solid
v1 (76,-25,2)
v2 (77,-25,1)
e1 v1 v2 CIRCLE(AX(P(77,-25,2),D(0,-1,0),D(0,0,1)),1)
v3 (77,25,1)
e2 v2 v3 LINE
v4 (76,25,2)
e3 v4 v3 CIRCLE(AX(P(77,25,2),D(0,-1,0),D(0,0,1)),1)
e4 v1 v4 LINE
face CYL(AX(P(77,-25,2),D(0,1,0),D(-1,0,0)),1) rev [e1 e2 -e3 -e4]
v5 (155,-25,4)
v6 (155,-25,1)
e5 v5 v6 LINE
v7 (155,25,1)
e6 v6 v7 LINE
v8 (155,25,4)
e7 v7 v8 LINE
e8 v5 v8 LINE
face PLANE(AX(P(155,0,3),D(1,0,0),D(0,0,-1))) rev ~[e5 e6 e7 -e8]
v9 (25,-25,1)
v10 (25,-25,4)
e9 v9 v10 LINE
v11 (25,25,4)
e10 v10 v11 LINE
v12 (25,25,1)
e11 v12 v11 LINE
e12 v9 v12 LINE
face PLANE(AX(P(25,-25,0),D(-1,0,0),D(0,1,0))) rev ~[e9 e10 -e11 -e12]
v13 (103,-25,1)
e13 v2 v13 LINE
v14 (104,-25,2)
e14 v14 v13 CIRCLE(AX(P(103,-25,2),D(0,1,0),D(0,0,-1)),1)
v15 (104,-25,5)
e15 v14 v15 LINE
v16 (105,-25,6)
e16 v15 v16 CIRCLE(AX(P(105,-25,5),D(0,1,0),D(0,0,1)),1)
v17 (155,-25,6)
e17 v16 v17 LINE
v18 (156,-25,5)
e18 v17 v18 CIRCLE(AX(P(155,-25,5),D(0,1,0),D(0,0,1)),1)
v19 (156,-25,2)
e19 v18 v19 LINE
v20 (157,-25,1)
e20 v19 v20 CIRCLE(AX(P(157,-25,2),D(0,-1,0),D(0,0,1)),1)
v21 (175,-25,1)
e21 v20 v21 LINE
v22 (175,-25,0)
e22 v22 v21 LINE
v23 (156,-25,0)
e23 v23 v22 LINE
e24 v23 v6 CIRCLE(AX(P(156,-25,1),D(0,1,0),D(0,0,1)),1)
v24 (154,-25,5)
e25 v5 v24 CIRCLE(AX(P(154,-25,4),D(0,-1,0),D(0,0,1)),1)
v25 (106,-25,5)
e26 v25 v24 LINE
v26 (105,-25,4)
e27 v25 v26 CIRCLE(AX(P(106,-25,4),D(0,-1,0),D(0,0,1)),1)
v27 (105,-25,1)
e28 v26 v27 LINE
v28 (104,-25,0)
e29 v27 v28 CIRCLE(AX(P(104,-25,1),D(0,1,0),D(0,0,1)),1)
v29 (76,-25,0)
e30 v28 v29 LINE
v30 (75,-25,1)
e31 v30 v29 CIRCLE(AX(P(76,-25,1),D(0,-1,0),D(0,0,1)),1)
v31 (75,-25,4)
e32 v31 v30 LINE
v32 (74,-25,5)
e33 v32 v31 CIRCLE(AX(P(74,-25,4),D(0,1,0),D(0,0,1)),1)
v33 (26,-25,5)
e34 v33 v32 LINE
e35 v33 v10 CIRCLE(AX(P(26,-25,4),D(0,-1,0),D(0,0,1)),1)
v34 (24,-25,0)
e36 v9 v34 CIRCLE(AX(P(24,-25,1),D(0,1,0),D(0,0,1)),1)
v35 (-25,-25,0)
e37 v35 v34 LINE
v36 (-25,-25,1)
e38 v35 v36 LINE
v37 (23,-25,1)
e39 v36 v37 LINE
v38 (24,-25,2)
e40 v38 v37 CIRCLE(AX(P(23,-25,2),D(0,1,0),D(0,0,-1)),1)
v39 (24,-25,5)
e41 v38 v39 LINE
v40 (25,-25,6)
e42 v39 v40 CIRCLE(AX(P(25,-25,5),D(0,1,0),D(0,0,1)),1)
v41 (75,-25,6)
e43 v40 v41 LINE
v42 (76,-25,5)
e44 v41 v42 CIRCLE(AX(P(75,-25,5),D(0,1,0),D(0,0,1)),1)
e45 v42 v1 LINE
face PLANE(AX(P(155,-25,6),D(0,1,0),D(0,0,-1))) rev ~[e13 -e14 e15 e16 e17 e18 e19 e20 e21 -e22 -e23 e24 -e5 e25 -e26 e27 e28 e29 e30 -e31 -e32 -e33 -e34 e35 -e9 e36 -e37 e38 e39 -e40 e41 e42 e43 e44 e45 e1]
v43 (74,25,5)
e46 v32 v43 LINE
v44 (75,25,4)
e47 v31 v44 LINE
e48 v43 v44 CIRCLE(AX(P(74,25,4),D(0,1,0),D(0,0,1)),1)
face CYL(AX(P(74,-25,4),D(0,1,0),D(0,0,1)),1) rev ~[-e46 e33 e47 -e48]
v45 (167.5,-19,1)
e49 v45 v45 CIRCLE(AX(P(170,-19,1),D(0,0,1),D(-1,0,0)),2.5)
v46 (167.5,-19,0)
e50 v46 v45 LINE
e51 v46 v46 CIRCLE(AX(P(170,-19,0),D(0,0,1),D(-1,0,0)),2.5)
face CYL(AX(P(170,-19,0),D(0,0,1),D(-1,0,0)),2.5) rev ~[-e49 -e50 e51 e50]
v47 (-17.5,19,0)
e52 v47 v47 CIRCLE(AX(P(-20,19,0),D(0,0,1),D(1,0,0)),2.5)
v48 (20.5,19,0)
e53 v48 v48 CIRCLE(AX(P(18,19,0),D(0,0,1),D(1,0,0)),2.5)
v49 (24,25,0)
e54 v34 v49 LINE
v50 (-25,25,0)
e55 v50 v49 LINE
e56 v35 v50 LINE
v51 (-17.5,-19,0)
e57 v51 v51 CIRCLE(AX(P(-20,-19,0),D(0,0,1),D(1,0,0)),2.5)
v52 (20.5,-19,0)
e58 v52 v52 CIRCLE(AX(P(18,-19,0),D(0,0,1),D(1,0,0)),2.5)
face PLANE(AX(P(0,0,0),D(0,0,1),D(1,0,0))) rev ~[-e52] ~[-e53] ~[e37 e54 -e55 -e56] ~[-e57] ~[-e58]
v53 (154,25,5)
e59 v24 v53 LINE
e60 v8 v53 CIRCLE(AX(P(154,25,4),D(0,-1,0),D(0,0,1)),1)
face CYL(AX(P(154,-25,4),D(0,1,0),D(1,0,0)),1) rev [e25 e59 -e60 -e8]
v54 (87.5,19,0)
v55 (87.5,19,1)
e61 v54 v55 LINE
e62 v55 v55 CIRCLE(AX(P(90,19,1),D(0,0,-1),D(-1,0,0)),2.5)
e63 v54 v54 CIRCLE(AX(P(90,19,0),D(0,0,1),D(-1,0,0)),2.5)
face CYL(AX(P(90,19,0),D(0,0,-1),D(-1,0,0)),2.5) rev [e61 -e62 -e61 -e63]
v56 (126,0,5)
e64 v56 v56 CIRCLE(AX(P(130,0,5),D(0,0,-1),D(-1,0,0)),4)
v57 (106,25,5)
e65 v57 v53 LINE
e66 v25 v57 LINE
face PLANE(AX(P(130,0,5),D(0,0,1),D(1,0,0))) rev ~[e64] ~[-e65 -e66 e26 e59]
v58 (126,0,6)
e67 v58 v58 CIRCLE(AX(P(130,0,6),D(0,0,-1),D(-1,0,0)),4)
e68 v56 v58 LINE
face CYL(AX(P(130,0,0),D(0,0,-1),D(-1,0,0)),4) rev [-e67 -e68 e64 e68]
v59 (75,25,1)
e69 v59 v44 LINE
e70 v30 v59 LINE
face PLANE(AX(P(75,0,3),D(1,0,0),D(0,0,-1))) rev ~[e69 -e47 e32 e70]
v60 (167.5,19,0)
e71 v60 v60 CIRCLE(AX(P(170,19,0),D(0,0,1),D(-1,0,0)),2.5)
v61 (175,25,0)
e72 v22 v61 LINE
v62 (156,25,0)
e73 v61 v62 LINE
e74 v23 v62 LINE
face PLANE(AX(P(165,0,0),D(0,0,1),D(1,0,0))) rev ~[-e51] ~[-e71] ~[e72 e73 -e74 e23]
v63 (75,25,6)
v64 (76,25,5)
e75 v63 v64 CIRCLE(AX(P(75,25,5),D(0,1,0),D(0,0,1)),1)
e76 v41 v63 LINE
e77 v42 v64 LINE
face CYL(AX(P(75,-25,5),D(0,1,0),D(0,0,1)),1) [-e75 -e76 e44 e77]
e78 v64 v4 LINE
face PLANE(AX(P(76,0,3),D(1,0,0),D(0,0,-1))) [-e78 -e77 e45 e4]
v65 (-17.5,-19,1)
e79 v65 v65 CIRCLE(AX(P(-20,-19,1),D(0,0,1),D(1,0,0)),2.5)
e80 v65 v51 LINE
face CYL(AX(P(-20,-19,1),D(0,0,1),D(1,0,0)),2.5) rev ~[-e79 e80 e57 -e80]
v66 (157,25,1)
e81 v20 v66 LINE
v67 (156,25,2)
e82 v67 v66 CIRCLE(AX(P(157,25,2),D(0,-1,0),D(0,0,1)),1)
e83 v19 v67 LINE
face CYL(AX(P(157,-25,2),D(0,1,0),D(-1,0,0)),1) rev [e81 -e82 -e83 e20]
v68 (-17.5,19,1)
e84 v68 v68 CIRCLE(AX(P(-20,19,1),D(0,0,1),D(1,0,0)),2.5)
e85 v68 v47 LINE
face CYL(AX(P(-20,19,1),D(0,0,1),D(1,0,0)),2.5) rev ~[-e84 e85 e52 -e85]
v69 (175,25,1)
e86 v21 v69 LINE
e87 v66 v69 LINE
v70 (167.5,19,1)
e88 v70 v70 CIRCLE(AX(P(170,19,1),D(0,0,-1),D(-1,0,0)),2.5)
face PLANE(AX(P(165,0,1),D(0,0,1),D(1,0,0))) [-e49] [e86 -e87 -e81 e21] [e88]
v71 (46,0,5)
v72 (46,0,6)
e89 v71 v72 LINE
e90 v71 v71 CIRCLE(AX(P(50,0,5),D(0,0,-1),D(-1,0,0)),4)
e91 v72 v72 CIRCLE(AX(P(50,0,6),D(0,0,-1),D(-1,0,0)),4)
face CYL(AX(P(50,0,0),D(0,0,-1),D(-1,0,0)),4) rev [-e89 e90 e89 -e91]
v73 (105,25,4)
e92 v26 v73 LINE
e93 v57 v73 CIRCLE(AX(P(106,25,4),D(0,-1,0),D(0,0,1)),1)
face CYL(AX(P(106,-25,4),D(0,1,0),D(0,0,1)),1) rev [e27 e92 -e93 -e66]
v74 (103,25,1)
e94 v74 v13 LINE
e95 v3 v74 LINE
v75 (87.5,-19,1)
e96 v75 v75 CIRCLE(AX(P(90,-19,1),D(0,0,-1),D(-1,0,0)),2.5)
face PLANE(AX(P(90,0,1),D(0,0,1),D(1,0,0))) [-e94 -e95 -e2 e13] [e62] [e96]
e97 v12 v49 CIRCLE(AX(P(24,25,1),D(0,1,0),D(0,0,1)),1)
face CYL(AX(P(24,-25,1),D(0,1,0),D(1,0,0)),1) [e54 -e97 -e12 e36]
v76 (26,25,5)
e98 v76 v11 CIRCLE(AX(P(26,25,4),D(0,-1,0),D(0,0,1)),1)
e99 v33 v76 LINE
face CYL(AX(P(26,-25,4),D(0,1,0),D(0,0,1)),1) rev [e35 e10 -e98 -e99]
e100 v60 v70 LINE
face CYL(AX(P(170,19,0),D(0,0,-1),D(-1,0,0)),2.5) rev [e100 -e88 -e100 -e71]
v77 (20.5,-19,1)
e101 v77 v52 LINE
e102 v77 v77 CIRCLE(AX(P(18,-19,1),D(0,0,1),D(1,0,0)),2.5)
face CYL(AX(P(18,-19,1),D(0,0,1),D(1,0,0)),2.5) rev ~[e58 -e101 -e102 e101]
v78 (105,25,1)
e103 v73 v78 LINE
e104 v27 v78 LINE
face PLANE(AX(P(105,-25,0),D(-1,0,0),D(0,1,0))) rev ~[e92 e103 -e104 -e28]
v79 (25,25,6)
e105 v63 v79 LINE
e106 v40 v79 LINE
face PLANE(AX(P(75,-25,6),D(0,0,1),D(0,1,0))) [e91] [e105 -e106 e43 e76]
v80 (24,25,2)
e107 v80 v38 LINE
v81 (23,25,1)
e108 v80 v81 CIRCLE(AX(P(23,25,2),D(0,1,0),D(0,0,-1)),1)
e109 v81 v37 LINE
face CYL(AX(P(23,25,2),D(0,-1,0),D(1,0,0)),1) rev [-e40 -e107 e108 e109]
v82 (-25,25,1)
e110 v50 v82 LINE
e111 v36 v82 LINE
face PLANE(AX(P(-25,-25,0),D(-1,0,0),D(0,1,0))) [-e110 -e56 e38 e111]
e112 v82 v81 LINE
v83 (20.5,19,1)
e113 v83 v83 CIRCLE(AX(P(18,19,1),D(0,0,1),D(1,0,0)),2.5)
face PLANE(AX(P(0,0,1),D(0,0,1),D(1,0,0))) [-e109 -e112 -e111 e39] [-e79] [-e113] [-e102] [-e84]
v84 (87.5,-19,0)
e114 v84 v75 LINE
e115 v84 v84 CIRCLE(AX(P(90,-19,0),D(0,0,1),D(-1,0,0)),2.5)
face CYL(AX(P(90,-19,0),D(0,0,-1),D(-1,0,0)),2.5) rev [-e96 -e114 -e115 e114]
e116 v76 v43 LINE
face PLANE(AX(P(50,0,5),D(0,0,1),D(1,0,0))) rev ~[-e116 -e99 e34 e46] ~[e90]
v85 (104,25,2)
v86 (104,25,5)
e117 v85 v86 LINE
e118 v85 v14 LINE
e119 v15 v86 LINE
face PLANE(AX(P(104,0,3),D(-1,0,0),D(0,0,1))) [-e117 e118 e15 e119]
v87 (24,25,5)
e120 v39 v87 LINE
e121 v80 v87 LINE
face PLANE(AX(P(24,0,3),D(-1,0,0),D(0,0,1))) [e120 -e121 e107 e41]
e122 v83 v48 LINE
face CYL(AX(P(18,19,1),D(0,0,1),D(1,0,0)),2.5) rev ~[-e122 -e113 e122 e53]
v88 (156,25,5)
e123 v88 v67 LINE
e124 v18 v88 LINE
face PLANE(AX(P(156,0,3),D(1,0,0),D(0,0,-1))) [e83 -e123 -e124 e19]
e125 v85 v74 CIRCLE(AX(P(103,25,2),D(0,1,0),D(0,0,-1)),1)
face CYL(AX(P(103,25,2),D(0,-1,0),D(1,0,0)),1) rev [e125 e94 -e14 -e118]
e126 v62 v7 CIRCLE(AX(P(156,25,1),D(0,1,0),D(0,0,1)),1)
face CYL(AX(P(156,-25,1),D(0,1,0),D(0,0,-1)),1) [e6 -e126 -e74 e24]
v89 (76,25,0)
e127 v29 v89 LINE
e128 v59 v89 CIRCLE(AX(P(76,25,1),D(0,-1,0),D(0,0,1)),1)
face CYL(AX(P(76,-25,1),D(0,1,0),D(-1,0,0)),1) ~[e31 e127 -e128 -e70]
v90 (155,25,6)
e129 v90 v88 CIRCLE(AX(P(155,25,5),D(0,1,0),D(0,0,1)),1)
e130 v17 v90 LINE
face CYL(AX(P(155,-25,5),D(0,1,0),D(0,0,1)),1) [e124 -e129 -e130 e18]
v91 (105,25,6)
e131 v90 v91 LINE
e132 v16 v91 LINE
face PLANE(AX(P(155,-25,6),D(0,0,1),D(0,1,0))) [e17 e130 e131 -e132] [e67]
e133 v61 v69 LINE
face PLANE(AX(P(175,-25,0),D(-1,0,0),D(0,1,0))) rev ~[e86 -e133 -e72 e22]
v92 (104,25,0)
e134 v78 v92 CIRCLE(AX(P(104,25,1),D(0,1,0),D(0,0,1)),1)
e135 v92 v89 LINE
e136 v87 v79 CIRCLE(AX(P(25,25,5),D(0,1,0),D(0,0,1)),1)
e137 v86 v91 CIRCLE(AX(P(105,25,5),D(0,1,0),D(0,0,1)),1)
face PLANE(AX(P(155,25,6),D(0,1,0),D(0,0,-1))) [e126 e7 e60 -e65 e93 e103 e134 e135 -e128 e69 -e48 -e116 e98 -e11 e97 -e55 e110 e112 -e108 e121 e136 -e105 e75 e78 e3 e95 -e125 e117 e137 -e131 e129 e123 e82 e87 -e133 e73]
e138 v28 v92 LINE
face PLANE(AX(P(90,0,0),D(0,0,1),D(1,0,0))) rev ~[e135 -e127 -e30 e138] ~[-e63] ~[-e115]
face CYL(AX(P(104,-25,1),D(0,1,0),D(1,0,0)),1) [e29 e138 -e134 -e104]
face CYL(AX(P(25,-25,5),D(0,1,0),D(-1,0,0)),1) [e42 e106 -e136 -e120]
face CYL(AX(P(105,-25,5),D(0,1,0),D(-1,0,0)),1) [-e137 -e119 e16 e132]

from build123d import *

# Parameters (mm, degrees)
SKETCH1_W           = 50
SKETCH1_H           = 50
BOSS_EXTRUDE1_DEPTH = 1
BOSS_EXTRUDE2_START = 5
SKETCH2_W           = 50
SKETCH2_H           = 50
BOSS_EXTRUDE2_DEPTH = 1
SKETCH3_W           = 30
SKETCH3_H           = 50
BOSS_EXTRUDE3_DEPTH = 1
BOSS_EXTRUDE4_START = 5
SKETCH4_W           = 50
SKETCH4_H           = 50
BOSS_EXTRUDE4_DEPTH = 1
SKETCH5_W           = 20
SKETCH5_H           = 50
BOSS_EXTRUDE5_DEPTH = 1
SKETCH6_W           = 6
SKETCH6_H           = 50
BOSS_EXTRUDE6_DEPTH = 1
SKETCH7_W           = 6
SKETCH7_H           = 50
BOSS_EXTRUDE7_DEPTH = 1
SKETCH8_W           = 6
SKETCH8_H           = 50
BOSS_EXTRUDE8_DEPTH = 1
SKETCH9_W           = 6
SKETCH9_H           = 50
BOSS_EXTRUDE9_DEPTH = 1
FILLET1_R           = 1
FILLET2_R           = 1
FILLET3_R           = 1
FILLET4_R           = 1
FILLET5_R           = 1
FILLET6_R           = 1
FILLET7_R           = 1
FILLET8_R           = 1
FILLET9_R           = 1
FILLET10_R          = 1
FILLET11_R          = 1
FILLET12_R          = 1
FILLET13_R          = 1
FILLET14_R          = 1
FILLET15_R          = 1
FILLET16_R          = 1
SKETCH10_R          = 2.5
CUT_EXTRUDE1_DEPTH  = 1
SKETCH11_R          = 4
SKETCH11_R_2        = 2.5
CUT_EXTRUDE7_DEPTH  = 50.5


with BuildPart() as part:
    # Sketch1 → Boss-Extrude1 (new body)
    with BuildSketch(Plane.XY):
        Rectangle(SKETCH1_W, SKETCH1_H)
    extrude(amount=BOSS_EXTRUDE1_DEPTH)



with BuildPart() as body_2:
    # Sketch2 → Boss-Extrude2 (new body)
    with BuildSketch(Plane.XY.offset(BOSS_EXTRUDE2_START)):
        with Locations((50, 0)):
            Rectangle(SKETCH2_W, SKETCH2_H)
    extrude(amount=BOSS_EXTRUDE2_DEPTH)


with BuildPart() as body_3:
    # Sketch3 → Boss-Extrude3 (new body)
    with BuildSketch(Plane.XY):
        with Locations((90, 0)):
            Rectangle(SKETCH3_W, SKETCH3_H)
    extrude(amount=BOSS_EXTRUDE3_DEPTH)


with BuildPart() as body_4:
    # Sketch4 → Boss-Extrude4 (new body)
    with BuildSketch(Plane.XY.offset(BOSS_EXTRUDE4_START)):
        with Locations((130, 0)):
            Rectangle(SKETCH4_W, SKETCH4_H)
    extrude(amount=BOSS_EXTRUDE4_DEPTH)


with BuildPart() as body_5:
    # Sketch5 → Boss-Extrude5 (new body)
    with BuildSketch(Plane.XY):
        with Locations((165, 0)):
            Rectangle(SKETCH5_W, SKETCH5_H)
    extrude(amount=BOSS_EXTRUDE5_DEPTH)


with BuildPart() as part_1:
    add(part.part)

    add(body_2.part)  # Boss-Extrude6 merges body 2
    # Sketch6 → Boss-Extrude6 (add)
    with BuildSketch(Plane.ZY.offset(-25)):
        with Locations((3, 0)):
            Rectangle(SKETCH6_W, SKETCH6_H)
    extrude(amount=BOSS_EXTRUDE6_DEPTH)


    add(body_3.part)  # Boss-Extrude7 merges body 3
    # Sketch7 → Boss-Extrude7 (add)
    with BuildSketch(Plane(origin=(75, 0, 0), x_dir=(0, 0, -1), z_dir=(1, 0, 0))):
        with Locations((-3, 0)):
            Rectangle(SKETCH7_W, SKETCH7_H)
    extrude(amount=BOSS_EXTRUDE7_DEPTH)


    add(body_4.part)  # Boss-Extrude8 merges body 4
    # Sketch8 → Boss-Extrude8 (add)
    with BuildSketch(Plane.ZY.offset(-105)):
        with Locations((3, 0)):
            Rectangle(SKETCH8_W, SKETCH8_H)
    extrude(amount=BOSS_EXTRUDE8_DEPTH)


    add(body_5.part)  # Boss-Extrude9 merges body 5
    # Sketch9 → Boss-Extrude9 (add)
    with BuildSketch(Plane(origin=(155, 0, 0), x_dir=(0, 0, -1), z_dir=(1, 0, 0))):
        with Locations((-3, 0)):
            Rectangle(SKETCH9_W, SKETCH9_H)
    extrude(amount=BOSS_EXTRUDE9_DEPTH)

    # Fillet1
    fillet1_edges = [part_1.edges().sort_by_distance(p)[0] for p in [
        (24, 0, 1),
    ]]
    fillet(fillet1_edges, radius=FILLET1_R)

    # Fillet2
    fillet2_edges = [part_1.edges().sort_by_distance(p)[0] for p in [
        (24, 0, 6),
    ]]
    fillet(fillet2_edges, radius=FILLET2_R)

    # Fillet3
    fillet3_edges = [part_1.edges().sort_by_distance(p)[0] for p in [
        (76, 0, 6),
    ]]
    fillet(fillet3_edges, radius=FILLET3_R)

    # Fillet4
    fillet4_edges = [part_1.edges().sort_by_distance(p)[0] for p in [
        (76, 0, 1),
    ]]
    fillet(fillet4_edges, radius=FILLET4_R)

    # Fillet5
    fillet5_edges = [part_1.edges().sort_by_distance(p)[0] for p in [
        (104, 0, 6),
    ]]
    fillet(fillet5_edges, radius=FILLET5_R)

    # Fillet6
    fillet6_edges = [part_1.edges().sort_by_distance(p)[0] for p in [
        (104, 0, 1),
    ]]
    fillet(fillet6_edges, radius=FILLET6_R)

    # Fillet7
    fillet7_edges = [part_1.edges().sort_by_distance(p)[0] for p in [
        (156, 0, 6),
    ]]
    fillet(fillet7_edges, radius=FILLET7_R)

    # Fillet8
    fillet8_edges = [part_1.edges().sort_by_distance(p)[0] for p in [
        (156, 0, 1),
    ]]
    fillet(fillet8_edges, radius=FILLET8_R)

    # Fillet9
    fillet9_edges = [part_1.edges().sort_by_distance(p)[0] for p in [
        (155, 0, 0),
    ]]
    fillet(fillet9_edges, radius=FILLET9_R)

    # Fillet10
    fillet10_edges = [part_1.edges().sort_by_distance(p)[0] for p in [
        (155, 0, 5),
    ]]
    fillet(fillet10_edges, radius=FILLET10_R)

    # Fillet11
    fillet11_edges = [part_1.edges().sort_by_distance(p)[0] for p in [
        (105, 0, 5),
    ]]
    fillet(fillet11_edges, radius=FILLET11_R)

    # Fillet12
    fillet12_edges = [part_1.edges().sort_by_distance(p)[0] for p in [
        (105, 0, 0),
    ]]
    fillet(fillet12_edges, radius=FILLET12_R)

    # Fillet13
    fillet13_edges = [part_1.edges().sort_by_distance(p)[0] for p in [
        (25, 0, 5),
    ]]
    fillet(fillet13_edges, radius=FILLET13_R)

    # Fillet14
    fillet14_edges = [part_1.edges().sort_by_distance(p)[0] for p in [
        (25, 0, 0),
    ]]
    fillet(fillet14_edges, radius=FILLET14_R)

    # Fillet15
    fillet15_edges = [part_1.edges().sort_by_distance(p)[0] for p in [
        (75, 0, 5),
    ]]
    fillet(fillet15_edges, radius=FILLET15_R)

    # Fillet16
    fillet16_edges = [part_1.edges().sort_by_distance(p)[0] for p in [
        (75, 0, 0),
    ]]
    fillet(fillet16_edges, radius=FILLET16_R)

    # Sketch10 → Cut-Extrude1 (cut)
    with BuildSketch(Plane.XY.offset(1)):
        with Locations((-20, 19)):
            Circle(SKETCH10_R)
        with Locations((-20, -19)):
            Circle(SKETCH10_R)
        with Locations((18, -19)):
            Circle(SKETCH10_R)
        with Locations((18, 19)):
            Circle(SKETCH10_R)
    extrude(amount=-CUT_EXTRUDE1_DEPTH, mode=Mode.SUBTRACT)

    # Sketch11 → Cut-Extrude7 (cut, symmetric)
    with BuildSketch(Plane.XY):
        with Locations(Location((50, 0, 0), (0, 0, 180))):
            Circle(SKETCH11_R)
        with Locations(Location((130, 0, 0), (0, 0, 180))):
            Circle(SKETCH11_R)
        with Locations(Location((90, 19, 0), (0, 0, 180))):
            Circle(SKETCH11_R_2)
        with Locations(Location((90, -19, 0), (0, 0, 180))):
            Circle(SKETCH11_R_2)
        with Locations(Location((170, 19, 0), (0, 0, 180))):
            Circle(SKETCH11_R_2)
        with Locations(Location((170, -19, 0), (0, 0, 180))):
            Circle(SKETCH11_R_2)
    extrude(amount=CUT_EXTRUDE7_DEPTH, both=True, mode=Mode.SUBTRACT)


solid = part_1.part
